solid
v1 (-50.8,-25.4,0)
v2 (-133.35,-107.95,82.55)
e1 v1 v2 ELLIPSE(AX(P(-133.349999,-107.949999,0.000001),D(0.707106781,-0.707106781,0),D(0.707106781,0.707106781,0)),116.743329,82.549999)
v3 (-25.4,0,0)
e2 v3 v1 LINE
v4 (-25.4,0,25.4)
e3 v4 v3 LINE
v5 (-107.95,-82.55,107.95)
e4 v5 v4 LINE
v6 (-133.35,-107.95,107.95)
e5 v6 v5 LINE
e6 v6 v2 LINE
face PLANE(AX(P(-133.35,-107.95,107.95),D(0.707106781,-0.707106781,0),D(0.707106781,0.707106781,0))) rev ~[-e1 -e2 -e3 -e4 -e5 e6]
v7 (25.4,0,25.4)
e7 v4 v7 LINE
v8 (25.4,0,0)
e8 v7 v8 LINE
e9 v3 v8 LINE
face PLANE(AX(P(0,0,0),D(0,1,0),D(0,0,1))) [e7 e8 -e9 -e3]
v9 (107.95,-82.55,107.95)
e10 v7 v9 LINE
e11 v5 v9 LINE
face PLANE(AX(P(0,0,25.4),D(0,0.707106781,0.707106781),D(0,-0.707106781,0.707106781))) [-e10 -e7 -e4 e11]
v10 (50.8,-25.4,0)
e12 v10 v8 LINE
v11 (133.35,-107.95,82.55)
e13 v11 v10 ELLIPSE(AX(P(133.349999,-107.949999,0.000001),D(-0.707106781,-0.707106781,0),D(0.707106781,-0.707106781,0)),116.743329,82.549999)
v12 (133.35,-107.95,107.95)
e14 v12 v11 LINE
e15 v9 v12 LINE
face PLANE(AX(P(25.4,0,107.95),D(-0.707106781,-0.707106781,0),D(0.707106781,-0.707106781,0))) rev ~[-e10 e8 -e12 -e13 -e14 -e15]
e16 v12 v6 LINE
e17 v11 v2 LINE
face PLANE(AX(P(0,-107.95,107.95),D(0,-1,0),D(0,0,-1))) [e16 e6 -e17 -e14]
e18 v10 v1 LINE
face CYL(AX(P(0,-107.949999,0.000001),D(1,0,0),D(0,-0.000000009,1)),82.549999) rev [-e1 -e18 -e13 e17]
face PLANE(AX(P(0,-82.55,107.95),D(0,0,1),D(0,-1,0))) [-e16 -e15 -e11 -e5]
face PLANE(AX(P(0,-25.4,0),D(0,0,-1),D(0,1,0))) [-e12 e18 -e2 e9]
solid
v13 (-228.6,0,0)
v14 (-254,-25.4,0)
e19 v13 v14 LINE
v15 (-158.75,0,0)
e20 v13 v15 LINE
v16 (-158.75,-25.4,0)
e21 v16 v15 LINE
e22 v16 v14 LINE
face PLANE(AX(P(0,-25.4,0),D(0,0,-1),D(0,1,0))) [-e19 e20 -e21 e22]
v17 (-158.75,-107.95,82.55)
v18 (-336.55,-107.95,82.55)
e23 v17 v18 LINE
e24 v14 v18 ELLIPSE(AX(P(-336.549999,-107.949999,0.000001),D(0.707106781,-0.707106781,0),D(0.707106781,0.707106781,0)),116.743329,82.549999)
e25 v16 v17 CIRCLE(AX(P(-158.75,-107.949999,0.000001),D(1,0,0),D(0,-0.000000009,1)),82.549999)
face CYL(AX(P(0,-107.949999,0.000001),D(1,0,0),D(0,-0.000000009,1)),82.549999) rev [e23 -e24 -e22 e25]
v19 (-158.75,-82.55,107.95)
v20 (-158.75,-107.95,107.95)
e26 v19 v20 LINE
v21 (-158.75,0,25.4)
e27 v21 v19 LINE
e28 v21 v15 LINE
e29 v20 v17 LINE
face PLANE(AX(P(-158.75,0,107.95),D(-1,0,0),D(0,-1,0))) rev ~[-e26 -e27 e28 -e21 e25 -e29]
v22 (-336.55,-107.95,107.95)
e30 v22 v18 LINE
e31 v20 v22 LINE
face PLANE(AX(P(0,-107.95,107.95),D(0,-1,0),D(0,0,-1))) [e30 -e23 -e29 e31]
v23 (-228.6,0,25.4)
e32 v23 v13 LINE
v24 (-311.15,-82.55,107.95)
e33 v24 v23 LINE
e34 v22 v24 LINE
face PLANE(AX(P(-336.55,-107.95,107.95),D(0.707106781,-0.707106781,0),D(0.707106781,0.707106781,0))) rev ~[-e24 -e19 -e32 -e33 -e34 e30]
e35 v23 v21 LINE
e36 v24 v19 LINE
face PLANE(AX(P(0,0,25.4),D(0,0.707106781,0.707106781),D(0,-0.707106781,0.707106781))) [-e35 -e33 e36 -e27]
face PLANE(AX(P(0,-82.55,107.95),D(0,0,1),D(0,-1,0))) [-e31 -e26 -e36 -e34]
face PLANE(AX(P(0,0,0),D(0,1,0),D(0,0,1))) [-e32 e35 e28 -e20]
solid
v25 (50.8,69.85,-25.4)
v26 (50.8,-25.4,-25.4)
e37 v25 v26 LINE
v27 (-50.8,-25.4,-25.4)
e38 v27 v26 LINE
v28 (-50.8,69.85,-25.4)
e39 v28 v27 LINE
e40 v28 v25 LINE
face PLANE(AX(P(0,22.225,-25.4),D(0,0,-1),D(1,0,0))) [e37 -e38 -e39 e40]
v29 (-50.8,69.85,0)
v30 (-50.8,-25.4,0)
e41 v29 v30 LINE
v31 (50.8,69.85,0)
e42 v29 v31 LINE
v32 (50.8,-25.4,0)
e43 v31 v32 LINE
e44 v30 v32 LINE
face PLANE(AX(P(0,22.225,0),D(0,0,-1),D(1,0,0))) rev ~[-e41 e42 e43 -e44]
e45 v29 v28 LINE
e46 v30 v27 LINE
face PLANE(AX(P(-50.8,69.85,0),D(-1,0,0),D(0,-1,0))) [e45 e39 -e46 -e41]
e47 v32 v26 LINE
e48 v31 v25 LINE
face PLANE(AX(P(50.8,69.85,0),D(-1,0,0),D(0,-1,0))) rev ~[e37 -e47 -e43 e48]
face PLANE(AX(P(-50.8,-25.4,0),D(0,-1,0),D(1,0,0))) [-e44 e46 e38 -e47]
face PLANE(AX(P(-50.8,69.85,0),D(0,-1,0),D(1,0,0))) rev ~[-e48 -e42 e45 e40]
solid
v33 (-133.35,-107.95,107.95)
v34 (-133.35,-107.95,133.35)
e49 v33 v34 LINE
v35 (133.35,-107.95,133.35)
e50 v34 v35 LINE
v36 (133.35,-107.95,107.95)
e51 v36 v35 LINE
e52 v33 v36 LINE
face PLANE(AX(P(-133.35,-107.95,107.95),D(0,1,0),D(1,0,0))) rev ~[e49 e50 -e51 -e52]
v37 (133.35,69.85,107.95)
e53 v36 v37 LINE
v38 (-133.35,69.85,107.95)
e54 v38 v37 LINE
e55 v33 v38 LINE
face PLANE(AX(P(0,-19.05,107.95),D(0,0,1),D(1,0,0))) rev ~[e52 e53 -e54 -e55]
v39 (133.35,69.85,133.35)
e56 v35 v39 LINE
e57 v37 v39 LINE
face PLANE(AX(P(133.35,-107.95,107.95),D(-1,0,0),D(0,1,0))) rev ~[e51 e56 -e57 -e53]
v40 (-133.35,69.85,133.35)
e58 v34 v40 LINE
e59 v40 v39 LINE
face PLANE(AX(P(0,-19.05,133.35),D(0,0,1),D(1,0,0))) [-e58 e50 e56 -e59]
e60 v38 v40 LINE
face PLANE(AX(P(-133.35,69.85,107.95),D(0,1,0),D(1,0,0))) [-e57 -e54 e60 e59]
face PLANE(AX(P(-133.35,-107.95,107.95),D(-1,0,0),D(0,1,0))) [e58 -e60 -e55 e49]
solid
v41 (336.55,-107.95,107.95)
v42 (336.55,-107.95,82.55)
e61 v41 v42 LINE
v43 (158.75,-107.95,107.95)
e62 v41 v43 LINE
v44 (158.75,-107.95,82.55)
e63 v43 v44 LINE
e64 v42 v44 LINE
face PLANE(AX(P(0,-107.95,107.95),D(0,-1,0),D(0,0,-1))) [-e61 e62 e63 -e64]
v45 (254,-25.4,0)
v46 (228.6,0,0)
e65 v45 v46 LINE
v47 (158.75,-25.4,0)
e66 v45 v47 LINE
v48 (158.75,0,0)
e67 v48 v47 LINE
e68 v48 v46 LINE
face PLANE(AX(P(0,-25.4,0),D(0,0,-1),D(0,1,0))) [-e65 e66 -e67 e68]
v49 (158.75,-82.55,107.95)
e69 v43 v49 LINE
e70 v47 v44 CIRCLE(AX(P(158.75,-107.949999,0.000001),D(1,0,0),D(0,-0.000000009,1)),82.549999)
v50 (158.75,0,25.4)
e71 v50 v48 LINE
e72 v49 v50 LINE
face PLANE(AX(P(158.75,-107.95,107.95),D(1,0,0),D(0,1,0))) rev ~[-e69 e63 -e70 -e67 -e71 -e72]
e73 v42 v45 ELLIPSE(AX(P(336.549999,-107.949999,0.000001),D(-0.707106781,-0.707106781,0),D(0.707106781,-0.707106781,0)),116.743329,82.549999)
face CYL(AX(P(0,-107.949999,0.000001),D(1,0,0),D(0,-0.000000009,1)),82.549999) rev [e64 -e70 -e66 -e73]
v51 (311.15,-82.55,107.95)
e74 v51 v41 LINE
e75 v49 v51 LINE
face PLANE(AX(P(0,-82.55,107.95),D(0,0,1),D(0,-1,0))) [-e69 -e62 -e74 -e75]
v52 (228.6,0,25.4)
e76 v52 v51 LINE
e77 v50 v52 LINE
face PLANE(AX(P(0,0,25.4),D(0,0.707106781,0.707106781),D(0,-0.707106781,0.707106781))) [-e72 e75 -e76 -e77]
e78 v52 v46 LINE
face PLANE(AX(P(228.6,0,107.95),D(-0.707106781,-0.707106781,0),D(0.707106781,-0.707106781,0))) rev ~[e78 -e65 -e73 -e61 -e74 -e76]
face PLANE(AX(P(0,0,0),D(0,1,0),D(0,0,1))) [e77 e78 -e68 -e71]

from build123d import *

# Parameters (mm, degrees)
F1_DEPTH = 336.55
F3_DEPTH = 107.951
F4_W     = 101.6
F4_H     = 95.25
F5_DEPTH = 25.4
F6_W     = 266.7
F6_H     = 177.8
F7_DEPTH = 25.4


with BuildPart() as f1:
    # F0 (on Right) → F1 (new body, symmetric)
    with BuildSketch(Plane.YZ):
        with BuildLine():
            Line((-25.4, 0), (0, 0))
            Line((0, 0), (0, 25.4))
            Line((0, 25.4), (-82.55, 107.95))
            Line((-82.55, 107.95), (-107.95, 107.95))
            Line((-107.95, 107.95), (-107.95, 82.55))
            ThreePointArc((-107.95, 82.55), (-49.578335, 58.371665), (-25.4, 0))
        make_face()
    extrude(amount=F1_DEPTH, both=True)

    # F2 (on face) → F3 (cut, through all)
    with BuildSketch(Plane.XY.offset(107.95)):
        Polygon((-336.55, 0), (-336.55, -107.95), (-228.6, 0), align=None)
        Polygon((228.6, 0), (336.55, -107.95), (336.55, 0), align=None)
        Polygon((-25.4, 0), (-158.75, 0), (-158.75, -107.95), (-133.35, -107.95), align=None)
        Polygon((158.75, -107.95), (158.75, 0), (25.4, 0), (133.35, -107.95), align=None)
    extrude(amount=-F3_DEPTH, mode=Mode.SUBTRACT)


with BuildPart() as f5:
    # F4 (on face) → F5 (new body)
    with BuildSketch(Plane(origin=(0, 0, 0), x_dir=(1, 0, 0), z_dir=(0, 0, -1))):
        with Locations((0, -22.225)):
            Rectangle(F4_W, F4_H)
    extrude(amount=F5_DEPTH)


with BuildPart() as f7:
    # F6 (on face) → F7 (new body)
    with BuildSketch(Plane.XY.offset(107.95)):
        with Locations((0, -19.05)):
            Rectangle(F6_W, F6_H)
    extrude(amount=F7_DEPTH)


solid = Compound([f1.part, f5.part, f7.part])
